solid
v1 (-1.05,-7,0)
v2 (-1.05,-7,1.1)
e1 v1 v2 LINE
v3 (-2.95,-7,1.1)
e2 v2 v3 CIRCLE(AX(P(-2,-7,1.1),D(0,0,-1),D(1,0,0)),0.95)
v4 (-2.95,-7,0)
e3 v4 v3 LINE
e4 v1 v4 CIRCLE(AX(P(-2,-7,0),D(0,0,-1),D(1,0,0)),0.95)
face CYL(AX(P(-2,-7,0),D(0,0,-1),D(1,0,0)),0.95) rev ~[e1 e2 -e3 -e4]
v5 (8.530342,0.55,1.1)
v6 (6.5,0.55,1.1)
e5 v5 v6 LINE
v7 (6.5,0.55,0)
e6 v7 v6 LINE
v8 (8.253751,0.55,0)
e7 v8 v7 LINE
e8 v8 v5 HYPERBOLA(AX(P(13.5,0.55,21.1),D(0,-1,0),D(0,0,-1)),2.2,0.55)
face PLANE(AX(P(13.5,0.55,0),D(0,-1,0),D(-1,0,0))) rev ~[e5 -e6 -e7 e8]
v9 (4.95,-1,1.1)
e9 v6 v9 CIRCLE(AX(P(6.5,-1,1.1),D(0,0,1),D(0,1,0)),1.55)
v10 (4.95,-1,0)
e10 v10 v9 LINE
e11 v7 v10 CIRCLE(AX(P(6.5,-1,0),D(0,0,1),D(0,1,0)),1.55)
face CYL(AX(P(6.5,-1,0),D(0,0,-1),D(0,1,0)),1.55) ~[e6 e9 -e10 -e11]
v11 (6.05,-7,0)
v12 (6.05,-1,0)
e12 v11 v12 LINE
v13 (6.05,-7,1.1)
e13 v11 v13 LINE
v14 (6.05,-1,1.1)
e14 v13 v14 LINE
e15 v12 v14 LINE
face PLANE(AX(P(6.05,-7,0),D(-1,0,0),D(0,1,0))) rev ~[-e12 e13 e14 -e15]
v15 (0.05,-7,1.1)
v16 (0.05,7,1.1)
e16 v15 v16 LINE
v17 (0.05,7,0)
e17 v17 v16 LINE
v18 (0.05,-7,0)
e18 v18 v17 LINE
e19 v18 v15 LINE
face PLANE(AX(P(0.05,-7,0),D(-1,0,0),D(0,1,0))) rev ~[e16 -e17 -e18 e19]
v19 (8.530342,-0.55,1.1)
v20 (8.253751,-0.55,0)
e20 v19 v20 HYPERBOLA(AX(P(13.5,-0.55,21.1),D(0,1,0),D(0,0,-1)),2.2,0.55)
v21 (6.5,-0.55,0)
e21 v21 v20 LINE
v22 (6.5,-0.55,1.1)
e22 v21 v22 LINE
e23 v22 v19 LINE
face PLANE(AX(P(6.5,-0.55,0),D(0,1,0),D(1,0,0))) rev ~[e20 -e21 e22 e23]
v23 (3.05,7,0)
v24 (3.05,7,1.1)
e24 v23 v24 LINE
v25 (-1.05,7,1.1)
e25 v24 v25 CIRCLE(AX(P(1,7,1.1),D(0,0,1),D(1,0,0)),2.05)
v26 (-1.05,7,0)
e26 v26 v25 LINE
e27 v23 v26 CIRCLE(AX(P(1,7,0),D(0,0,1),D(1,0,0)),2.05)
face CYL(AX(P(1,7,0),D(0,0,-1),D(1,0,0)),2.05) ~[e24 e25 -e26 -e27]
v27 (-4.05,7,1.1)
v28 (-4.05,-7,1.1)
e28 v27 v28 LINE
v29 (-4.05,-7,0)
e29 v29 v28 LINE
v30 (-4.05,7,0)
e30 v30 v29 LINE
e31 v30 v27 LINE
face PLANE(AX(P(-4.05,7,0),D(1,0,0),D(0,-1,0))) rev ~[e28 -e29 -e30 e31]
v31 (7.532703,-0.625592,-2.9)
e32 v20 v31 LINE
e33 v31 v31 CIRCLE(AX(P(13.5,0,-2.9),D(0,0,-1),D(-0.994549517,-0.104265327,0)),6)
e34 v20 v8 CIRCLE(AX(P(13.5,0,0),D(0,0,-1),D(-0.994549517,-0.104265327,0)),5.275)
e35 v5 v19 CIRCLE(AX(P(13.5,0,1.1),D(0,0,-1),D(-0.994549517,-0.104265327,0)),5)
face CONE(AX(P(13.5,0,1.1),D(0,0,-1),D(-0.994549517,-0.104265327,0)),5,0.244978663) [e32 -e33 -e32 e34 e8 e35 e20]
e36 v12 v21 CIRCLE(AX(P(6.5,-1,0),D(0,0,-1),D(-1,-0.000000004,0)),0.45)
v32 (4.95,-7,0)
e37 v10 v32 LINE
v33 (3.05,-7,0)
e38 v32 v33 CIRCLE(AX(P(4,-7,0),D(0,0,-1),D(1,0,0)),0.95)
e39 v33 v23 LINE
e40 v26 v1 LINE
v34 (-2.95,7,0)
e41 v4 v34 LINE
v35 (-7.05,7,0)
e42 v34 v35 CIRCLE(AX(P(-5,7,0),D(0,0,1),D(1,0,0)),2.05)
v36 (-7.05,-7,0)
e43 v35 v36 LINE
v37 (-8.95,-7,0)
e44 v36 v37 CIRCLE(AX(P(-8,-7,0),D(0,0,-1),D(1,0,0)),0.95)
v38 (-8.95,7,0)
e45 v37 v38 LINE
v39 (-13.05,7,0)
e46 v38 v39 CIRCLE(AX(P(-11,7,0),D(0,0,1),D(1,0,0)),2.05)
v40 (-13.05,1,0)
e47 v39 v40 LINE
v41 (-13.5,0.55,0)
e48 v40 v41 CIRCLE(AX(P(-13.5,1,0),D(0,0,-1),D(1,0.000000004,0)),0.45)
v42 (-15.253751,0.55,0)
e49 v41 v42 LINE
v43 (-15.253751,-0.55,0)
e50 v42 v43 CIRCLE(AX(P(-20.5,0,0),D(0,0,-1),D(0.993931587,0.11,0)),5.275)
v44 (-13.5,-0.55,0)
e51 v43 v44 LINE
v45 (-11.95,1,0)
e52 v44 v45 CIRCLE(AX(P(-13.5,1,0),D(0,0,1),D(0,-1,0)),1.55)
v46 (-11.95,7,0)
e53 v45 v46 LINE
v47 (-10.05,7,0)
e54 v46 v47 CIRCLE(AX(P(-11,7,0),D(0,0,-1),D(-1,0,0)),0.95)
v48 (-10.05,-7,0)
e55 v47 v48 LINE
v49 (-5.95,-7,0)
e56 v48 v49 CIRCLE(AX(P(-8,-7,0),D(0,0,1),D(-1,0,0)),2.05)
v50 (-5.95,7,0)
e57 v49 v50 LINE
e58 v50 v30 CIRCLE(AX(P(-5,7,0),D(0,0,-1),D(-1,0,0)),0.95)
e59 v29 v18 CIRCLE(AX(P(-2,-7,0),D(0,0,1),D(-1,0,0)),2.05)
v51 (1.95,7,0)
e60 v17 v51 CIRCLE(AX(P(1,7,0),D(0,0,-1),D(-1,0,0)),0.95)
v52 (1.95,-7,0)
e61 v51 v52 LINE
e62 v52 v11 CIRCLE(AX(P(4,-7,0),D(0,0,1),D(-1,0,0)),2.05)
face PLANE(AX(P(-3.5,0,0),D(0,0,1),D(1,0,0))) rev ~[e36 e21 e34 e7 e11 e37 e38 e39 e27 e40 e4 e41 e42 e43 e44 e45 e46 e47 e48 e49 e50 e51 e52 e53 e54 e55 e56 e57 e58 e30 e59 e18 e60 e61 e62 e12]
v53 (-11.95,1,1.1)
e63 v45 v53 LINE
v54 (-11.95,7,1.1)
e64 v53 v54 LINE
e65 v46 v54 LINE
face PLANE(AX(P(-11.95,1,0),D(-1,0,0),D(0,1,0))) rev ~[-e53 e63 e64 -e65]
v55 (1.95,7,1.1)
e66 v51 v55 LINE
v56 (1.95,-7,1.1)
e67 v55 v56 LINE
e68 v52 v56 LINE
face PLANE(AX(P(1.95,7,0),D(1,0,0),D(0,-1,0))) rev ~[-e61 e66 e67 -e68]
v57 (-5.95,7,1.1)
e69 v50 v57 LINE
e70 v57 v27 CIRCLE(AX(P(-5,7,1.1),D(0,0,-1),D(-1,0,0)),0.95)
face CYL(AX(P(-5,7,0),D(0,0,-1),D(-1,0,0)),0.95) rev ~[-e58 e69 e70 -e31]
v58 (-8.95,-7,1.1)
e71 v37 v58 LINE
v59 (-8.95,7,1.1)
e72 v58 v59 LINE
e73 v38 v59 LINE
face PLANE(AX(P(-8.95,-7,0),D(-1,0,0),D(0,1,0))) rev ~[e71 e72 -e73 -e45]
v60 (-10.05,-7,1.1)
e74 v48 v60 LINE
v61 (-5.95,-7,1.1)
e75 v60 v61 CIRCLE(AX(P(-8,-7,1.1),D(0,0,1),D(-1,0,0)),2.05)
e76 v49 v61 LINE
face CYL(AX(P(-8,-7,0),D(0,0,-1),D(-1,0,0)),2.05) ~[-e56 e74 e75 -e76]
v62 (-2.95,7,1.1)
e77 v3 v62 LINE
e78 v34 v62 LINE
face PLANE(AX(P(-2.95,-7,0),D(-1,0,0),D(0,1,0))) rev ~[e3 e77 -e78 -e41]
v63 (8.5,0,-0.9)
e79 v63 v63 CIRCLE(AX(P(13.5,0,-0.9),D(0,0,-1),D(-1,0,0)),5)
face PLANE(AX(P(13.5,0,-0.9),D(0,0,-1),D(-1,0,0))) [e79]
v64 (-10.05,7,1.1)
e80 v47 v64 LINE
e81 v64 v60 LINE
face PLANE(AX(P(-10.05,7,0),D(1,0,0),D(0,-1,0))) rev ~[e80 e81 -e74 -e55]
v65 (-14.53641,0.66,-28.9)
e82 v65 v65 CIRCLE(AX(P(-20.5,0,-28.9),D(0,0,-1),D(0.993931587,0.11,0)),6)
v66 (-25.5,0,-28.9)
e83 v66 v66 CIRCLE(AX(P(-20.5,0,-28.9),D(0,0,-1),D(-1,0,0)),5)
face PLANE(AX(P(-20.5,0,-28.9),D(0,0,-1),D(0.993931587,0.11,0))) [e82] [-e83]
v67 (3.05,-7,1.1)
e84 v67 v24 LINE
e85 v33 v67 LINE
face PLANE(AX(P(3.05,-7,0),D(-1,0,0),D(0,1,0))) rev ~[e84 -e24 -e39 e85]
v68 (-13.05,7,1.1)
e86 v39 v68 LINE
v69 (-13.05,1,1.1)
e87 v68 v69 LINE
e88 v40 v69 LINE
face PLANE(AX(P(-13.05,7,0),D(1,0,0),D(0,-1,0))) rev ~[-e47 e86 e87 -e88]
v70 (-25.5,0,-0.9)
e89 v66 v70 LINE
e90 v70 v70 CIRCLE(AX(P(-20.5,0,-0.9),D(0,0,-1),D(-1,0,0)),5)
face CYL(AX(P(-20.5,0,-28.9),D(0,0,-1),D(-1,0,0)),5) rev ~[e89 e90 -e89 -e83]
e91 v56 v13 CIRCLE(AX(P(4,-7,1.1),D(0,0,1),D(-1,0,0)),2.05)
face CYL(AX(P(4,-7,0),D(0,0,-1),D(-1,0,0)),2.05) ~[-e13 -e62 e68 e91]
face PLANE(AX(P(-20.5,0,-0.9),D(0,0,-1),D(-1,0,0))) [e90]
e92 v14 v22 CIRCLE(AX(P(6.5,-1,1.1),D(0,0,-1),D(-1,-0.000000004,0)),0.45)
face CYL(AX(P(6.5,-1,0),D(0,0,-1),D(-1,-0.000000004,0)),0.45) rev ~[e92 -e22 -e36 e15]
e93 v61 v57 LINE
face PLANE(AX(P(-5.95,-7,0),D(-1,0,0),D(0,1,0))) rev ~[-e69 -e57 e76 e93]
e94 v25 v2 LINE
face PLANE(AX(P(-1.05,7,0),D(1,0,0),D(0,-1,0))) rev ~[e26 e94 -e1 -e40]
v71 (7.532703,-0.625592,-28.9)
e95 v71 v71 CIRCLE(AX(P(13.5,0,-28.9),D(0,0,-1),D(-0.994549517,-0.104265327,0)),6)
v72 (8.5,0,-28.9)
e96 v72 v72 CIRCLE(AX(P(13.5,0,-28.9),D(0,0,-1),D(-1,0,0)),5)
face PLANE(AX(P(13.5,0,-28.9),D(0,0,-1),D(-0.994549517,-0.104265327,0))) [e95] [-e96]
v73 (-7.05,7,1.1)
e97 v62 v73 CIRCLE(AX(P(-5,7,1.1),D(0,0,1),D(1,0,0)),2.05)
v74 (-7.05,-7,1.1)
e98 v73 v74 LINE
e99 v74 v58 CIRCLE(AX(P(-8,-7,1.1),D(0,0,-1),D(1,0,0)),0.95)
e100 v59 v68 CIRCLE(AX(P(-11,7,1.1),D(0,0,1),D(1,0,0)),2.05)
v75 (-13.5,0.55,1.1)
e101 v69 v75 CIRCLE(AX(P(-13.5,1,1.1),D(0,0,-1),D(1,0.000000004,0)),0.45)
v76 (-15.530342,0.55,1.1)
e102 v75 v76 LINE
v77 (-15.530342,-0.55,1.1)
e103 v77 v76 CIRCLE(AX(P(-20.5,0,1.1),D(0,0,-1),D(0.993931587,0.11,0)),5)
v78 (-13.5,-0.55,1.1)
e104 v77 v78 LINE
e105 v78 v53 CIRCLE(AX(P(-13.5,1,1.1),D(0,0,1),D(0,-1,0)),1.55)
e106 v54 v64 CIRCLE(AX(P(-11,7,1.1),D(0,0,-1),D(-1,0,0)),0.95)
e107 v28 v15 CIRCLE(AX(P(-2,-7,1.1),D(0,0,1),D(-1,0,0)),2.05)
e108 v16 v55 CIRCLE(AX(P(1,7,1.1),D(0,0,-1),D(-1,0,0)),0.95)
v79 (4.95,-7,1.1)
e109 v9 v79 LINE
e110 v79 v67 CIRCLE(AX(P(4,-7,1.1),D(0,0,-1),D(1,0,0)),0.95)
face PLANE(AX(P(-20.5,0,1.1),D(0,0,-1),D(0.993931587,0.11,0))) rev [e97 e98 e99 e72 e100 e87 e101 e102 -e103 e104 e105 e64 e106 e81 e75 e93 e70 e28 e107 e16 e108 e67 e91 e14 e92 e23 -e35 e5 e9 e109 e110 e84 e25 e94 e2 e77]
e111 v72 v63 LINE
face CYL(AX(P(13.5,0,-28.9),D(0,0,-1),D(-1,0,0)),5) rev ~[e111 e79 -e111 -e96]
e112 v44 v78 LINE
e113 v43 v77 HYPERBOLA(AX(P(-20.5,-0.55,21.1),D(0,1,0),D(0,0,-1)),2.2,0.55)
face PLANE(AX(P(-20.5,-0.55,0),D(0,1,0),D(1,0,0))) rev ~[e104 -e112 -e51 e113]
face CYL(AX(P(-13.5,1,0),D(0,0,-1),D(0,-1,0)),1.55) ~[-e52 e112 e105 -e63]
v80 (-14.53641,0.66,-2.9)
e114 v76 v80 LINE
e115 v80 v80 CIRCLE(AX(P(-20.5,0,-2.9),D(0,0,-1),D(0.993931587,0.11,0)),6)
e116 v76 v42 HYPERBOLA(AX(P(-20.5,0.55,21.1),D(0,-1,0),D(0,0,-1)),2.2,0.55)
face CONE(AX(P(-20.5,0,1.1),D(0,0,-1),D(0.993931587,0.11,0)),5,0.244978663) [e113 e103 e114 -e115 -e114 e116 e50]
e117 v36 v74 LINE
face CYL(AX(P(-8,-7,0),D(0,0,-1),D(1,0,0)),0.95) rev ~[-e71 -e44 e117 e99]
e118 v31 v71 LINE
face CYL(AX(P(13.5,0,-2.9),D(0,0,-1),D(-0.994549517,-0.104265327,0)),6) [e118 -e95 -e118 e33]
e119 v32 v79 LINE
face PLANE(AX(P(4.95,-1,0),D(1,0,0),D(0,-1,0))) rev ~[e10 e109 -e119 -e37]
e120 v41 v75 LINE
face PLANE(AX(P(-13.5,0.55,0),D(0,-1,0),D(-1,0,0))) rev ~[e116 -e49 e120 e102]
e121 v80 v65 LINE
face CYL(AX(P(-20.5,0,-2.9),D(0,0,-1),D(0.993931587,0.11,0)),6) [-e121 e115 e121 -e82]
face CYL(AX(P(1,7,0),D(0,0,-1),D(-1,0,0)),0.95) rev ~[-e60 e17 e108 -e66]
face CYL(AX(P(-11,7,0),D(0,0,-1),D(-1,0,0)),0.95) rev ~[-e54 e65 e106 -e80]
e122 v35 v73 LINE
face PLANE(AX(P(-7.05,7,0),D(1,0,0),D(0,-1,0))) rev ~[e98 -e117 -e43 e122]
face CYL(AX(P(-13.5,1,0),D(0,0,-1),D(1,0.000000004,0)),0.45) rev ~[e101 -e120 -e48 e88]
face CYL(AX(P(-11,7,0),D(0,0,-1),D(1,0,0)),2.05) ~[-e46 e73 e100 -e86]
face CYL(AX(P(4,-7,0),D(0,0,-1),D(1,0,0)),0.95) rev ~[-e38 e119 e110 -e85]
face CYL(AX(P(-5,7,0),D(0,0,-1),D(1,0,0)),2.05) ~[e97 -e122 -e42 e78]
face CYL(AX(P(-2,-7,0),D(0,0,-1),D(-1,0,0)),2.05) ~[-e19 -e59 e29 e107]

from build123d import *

# Parameters (mm, degrees)
BOSS_EXTRUDE1_DEPTH = 1.1
SKETCH5_R           = 5
CUT_EXTRUDE1_DEPTH  = 28


with BuildPart() as part:
    # Sketch2 → Boss-Extrude1 (new body)
    with BuildSketch(Plane.XY):
        with BuildLine():
            Line((-20.5, -0.55), (-13.5, -0.55))
            ThreePointArc((-13.5, -0.55), (-12.403984489, -0.096015511), (-11.95, 1))
            Line((-11.95, 1), (-11.95, 7))
            ThreePointArc((-11.95, 7), (-11, 7.95), (-10.05, 7))
            Line((-10.05, 7), (-10.05, 0))
            Line((-10.05, 0), (-10.05, -7))
            ThreePointArc((-10.05, -7), (-8, -9.05), (-5.95, -7))
            Line((-5.95, -7), (-5.95, 0))
            Line((-5.95, 0), (-5.95, 7))
            ThreePointArc((-5.95, 7), (-5, 7.95), (-4.05, 7))
            Line((-4.05, 7), (-4.05, 0))
            Line((-4.05, 0), (-4.05, -7))
            ThreePointArc((-4.05, -7), (-2, -9.05), (0.05, -7))
            Line((0.05, -7), (0.05, 0))
            Line((0.05, 0), (0.05, 7))
            ThreePointArc((0.05, 7), (1, 7.95), (1.95, 7))
            Line((1.95, 7), (1.95, 0))
            Line((1.95, 0), (1.95, -7))
            ThreePointArc((1.95, -7), (4, -9.05), (6.05, -7))
            Line((6.05, -7), (6.05, -1))
            ThreePointArc((6.05, -1), (6.181801948, -0.681801948), (6.5, -0.55))
            Line((6.5, -0.55), (13.5, -0.55))
            ThreePointArc((13.5, -0.55), (14.05, 0), (13.5, 0.55))
            Line((13.5, 0.55), (6.5, 0.55))
            ThreePointArc((6.5, 0.55), (5.403984489, 0.096015511), (4.95, -1))
            Line((4.95, -1), (4.95, -7))
            ThreePointArc((4.95, -7), (4, -7.95), (3.05, -7))
            Line((3.05, -7), (3.05, 0))
            Line((3.05, 0), (3.05, 7))
            ThreePointArc((3.05, 7), (1, 9.05), (-1.05, 7))
            Line((-1.05, 7), (-1.05, 0))
            Line((-1.05, 0), (-1.05, -7))
            ThreePointArc((-1.05, -7), (-2, -7.95), (-2.95, -7))
            Line((-2.95, -7), (-2.95, 0))
            Line((-2.95, 0), (-2.95, 7))
            ThreePointArc((-2.95, 7), (-5, 9.05), (-7.05, 7))
            Line((-7.05, 7), (-7.05, 0))
            Line((-7.05, 0), (-7.05, -7))
            ThreePointArc((-7.05, -7), (-8, -7.95), (-8.95, -7))
            Line((-8.95, -7), (-8.95, 0))
            Line((-8.95, 0), (-8.95, 7))
            ThreePointArc((-8.95, 7), (-11, 9.05), (-13.05, 7))
            Line((-13.05, 7), (-13.05, 1))
            ThreePointArc((-13.05, 1), (-13.181801948, 0.681801948), (-13.5, 0.55))
            Line((-13.5, 0.55), (-20.5, 0.55))
            ThreePointArc((-20.5, 0.55), (-21.05, 0), (-20.5, -0.55))
        make_face()
    extrude(amount=BOSS_EXTRUDE1_DEPTH)

    # Sketch3 → Revolve1 (revolve)
    with BuildSketch(Plane(origin=(0, 0, 0), x_dir=(-1, 0, 0), z_dir=(0, -1, 0)), mode=Mode.PRIVATE) as revolve1_sk:
        Polygon((20.5, -1.1), (25.5, -1.1), (26.5, 2.9), (26.5, 28.9), (20.5, 28.9), align=None)
    revolve(revolve1_sk.sketch.rotate(Axis((-20.5, 0, 1.1), (0, 0, -1)), 173.684684431), axis=Axis((-20.5, 0, 1.1), (0, 0, -1)))

    # Sketch4 → Revolve2 (revolve)
    with BuildSketch(Plane(origin=(0, 0, 0), x_dir=(-1, 0, 0), z_dir=(0, -1, 0)), mode=Mode.PRIVATE) as revolve2_sk:
        Polygon((-13.5, -1.1), (-18.5, -1.1), (-19.5, 2.9), (-19.5, 28.9), (-13.5, 28.9), align=None)
    revolve(revolve2_sk.sketch.rotate(Axis((13.5, 0, 1.1), (0, 0, -1)), 174.015159457), axis=Axis((13.5, 0, 1.1), (0, 0, -1)))

    # Sketch5 → Cut-Extrude1 (cut)
    with BuildSketch(Plane(origin=(0, 0, -28.9), x_dir=(-1, 0, 0), z_dir=(0, 0, -1))):
        with Locations((-13.5, 0)):
            Circle(SKETCH5_R)
        with Locations((20.5, 0)):
            Circle(SKETCH5_R)
    extrude(amount=-CUT_EXTRUDE1_DEPTH, mode=Mode.SUBTRACT)


solid = part.part
